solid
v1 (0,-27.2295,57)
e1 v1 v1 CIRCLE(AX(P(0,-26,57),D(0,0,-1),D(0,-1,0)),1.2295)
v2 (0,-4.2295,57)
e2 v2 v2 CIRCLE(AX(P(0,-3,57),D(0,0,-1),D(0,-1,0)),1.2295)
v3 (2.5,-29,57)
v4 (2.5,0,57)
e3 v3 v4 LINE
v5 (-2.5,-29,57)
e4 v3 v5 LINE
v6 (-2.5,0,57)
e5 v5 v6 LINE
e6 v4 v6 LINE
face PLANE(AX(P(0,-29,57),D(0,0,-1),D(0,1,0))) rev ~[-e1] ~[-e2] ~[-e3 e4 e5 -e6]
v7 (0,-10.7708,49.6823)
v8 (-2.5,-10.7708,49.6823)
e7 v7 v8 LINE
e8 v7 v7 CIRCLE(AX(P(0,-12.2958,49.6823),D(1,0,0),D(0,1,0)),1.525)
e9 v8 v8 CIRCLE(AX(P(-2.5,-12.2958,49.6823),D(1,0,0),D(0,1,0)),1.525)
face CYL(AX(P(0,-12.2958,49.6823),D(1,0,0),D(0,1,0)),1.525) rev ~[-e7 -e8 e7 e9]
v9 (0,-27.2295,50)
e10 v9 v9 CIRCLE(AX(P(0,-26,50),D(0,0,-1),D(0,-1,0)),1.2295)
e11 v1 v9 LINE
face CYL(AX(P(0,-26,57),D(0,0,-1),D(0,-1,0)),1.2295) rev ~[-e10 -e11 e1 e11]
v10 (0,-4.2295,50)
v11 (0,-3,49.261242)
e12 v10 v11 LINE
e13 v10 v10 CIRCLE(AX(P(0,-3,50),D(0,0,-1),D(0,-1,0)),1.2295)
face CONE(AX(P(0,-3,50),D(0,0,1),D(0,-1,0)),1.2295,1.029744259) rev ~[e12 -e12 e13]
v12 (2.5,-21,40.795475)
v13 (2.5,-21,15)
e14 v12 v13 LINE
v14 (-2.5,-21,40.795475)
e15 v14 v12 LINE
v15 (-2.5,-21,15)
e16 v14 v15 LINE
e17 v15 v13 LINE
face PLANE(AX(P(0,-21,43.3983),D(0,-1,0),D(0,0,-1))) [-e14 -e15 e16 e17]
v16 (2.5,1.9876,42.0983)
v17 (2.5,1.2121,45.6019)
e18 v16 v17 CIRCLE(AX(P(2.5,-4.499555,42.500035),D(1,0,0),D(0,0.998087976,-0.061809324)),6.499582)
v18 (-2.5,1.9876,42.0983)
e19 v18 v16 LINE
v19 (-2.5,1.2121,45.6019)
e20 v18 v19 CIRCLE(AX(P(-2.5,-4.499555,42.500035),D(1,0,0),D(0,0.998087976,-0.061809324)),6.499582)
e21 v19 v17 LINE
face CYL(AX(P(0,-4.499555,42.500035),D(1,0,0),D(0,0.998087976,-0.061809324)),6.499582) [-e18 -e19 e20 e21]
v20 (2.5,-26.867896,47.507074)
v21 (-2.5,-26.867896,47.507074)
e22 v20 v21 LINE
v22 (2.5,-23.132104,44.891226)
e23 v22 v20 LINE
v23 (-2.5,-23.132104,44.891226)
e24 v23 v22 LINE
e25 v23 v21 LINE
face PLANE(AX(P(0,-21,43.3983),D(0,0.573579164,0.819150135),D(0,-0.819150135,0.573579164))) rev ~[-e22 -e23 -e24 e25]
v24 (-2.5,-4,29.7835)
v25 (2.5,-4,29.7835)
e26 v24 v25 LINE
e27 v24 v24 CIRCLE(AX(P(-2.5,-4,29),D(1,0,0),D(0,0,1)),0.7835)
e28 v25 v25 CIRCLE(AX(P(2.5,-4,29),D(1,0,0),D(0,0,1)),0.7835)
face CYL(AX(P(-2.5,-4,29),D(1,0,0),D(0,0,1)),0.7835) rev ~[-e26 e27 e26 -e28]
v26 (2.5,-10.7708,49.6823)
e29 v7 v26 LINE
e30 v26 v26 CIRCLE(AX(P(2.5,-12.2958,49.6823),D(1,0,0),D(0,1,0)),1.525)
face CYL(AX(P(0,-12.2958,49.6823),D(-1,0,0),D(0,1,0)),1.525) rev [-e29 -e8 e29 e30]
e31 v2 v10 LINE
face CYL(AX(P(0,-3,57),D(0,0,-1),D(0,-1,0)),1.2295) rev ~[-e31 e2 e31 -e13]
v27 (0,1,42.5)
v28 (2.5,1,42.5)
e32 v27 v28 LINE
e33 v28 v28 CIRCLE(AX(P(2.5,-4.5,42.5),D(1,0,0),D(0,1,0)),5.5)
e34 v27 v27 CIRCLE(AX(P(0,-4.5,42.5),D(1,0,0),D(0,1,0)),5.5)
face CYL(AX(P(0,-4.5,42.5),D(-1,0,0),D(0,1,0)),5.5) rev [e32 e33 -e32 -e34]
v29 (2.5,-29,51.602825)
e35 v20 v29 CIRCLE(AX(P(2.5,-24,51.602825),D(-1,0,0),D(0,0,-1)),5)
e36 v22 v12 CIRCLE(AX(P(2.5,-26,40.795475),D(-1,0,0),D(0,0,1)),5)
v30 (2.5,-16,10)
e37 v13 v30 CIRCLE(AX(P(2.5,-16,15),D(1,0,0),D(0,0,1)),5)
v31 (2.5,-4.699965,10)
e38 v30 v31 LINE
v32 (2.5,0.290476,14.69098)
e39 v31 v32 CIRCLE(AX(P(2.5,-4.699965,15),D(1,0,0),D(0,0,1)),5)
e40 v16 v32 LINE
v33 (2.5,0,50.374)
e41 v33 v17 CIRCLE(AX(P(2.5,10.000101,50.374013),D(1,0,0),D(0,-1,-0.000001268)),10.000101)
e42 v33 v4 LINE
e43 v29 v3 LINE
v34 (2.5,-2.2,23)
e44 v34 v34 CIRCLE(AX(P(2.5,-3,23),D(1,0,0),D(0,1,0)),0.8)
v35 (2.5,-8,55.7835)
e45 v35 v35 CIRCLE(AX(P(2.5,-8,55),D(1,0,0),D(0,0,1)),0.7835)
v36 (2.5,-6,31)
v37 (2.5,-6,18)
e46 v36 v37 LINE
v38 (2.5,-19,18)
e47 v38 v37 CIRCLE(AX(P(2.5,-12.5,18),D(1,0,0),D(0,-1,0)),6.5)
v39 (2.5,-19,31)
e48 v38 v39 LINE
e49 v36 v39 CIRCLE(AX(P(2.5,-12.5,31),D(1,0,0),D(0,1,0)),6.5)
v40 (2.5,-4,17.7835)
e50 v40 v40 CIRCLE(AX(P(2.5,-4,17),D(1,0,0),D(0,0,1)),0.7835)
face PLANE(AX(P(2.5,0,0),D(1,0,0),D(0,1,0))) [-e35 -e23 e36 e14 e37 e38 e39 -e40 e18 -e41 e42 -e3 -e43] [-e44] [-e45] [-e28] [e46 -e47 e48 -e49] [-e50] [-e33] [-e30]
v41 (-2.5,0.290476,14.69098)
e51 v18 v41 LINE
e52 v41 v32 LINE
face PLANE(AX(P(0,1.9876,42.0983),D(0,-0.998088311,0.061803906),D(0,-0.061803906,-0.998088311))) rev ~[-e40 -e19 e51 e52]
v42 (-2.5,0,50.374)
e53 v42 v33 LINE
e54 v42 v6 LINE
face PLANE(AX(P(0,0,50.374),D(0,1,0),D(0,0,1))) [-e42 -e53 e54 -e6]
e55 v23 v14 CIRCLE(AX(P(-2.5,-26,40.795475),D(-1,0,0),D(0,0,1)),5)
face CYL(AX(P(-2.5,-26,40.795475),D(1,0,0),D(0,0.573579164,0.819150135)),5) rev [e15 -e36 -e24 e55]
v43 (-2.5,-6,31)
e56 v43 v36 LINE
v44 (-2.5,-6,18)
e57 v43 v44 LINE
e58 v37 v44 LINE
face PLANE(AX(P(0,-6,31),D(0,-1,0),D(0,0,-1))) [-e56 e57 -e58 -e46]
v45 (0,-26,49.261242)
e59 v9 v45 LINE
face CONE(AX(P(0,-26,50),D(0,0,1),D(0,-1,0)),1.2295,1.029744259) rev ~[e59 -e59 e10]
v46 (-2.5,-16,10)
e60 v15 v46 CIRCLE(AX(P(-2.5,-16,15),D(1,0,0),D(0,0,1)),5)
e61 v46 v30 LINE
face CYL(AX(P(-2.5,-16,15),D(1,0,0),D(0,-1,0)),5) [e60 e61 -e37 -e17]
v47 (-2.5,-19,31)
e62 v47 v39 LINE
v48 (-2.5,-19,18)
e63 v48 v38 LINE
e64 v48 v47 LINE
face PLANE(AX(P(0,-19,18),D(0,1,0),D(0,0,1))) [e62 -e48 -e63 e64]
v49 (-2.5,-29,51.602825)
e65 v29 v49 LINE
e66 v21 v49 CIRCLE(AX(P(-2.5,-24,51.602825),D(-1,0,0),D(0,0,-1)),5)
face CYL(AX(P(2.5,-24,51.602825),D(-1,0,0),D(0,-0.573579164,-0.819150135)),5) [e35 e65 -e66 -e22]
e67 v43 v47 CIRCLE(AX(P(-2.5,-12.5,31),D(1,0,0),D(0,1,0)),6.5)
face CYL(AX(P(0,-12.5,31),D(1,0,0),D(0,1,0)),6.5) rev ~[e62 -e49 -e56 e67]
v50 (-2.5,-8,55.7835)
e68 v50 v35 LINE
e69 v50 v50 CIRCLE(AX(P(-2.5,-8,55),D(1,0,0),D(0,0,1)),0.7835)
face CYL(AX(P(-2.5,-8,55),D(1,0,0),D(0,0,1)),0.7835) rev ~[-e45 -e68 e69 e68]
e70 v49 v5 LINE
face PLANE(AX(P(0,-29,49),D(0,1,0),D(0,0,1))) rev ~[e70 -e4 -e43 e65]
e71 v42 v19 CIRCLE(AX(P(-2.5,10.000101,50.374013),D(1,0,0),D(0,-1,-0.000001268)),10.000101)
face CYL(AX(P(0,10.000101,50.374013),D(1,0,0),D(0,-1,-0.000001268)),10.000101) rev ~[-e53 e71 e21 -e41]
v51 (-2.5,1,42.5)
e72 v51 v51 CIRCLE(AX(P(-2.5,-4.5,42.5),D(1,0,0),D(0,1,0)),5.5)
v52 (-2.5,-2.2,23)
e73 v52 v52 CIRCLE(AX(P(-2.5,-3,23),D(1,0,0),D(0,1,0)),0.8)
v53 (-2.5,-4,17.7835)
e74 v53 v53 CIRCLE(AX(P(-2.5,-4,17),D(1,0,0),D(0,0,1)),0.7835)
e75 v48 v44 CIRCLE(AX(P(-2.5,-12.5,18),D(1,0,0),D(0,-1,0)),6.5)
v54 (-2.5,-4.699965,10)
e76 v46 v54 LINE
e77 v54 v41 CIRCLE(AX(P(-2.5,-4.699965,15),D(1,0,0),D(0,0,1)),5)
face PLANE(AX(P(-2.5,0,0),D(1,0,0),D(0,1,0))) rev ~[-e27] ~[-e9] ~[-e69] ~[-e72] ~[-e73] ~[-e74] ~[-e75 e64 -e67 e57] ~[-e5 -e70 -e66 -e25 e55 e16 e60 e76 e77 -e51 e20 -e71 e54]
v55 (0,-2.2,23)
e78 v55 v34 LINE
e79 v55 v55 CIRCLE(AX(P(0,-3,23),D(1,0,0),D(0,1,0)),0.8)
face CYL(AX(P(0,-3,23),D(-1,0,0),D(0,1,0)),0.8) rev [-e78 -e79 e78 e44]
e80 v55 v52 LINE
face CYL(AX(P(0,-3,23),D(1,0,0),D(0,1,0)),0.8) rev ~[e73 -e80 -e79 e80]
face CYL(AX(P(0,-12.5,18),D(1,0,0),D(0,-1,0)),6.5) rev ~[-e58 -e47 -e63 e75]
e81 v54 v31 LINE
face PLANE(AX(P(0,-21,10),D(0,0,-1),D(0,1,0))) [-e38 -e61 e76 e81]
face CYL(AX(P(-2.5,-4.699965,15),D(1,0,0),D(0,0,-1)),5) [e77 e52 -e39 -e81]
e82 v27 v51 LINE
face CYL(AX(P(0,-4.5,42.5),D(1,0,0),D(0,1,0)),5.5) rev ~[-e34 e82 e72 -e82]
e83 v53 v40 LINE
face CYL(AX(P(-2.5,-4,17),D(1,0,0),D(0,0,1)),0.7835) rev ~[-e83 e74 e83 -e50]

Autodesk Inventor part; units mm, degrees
ref_plane "YZ Plane" through (0, 0, 0) normal (1, 0, 0) x (0, 1, 0)
ref_plane "XZ Plane" through (0, 0, 0) normal (0, 1, 0) x (-1, 0, 0)
ref_plane "XY Plane" through (0, 0, 0) normal (0, 0, 1) x (1, 0, 0)
sketch "Skizze1" plane through (0, 0, 0) normal (1, 0, 0) x (0, 1, 0)
  circle A0 centre (-22.8, 48.7) radius 11 construction
  line L0 (-97.7565, 0) -> (58.6427, 0) projected
  circle A1 centre (14.8, 21.5) radius 21.5 construction
  line L1 (0, 10) -> (0, 33.674) construction
  line L2 (-6.7, 0) -> (-6.7, 21.5) construction
  circle A2 centre (-4.5, 42.5) radius 5 construction
  line L3 (-56.6136, 29) -> (0, 29) construction
  line L4 (-75.4137, 30) -> (0, 30) construction
  line L5 (-21, 43.3983) -> (-29, 49)
  line L6 (-29, 49) -> (-29, 57)
  circle A3 centre (-4.5, 42.5) radius 5.5
  circle A4 centre (-22.8, 48.7) radius 0.5
  circle A5 centre (-3, 23) radius 0.8
  line L7 (14.8, 21.5) -> (-6.7, 21.5) construction
  line L8 (-29, 57) -> (0, 57)
  line L9 (14.8, 21.5) -> (14.8, 20.5) construction
  line L10 (14.8, 20.5) -> (-4.5, 42.5) construction
  circle A6 centre (-22.8, 48.7) radius 4.95 construction
  circle A7 centre (-12.2958, 49.6823) radius 5.6 construction
  circle A8 centre (-12.2958, 49.6823) radius 6.3 construction
  circle A9 centre (-12.2958, 49.6823) radius 1.525
  line L11 (0, 50.374) -> (0, 57)
  line L12 (-21, 43.3983) -> (-21, 10)
  line L13 (-21, 10) -> (0, 10)
  arc A10 (1.9876, 42.0983) -> (1.2121, 45.6019) centre (-4.5, 42.5) ccw
  line L14 (1.9876, 42.0983) -> (0, 10)
  arc A11 (0, 50.374) -> (1.2121, 45.6019) centre (10, 50.374) ccw
  line L15 (-12.5, 18) -> (-12.5, 31) construction
  line L16 (-19, 18) -> (-19, 31)
  line L17 (-6, 31) -> (-6, 18)
  arc A12 (-19, 18) -> (-6, 18) centre (-12.5, 18) ccw
  arc A13 (-6, 31) -> (-19, 31) centre (-12.5, 31) ccw
  point P0 (0, 0)
  point P1 (-12.5, 24.5)
  dimension "d4" = 43
  dimension "d0" = 22
  dimension "d6" = 6.7
  dimension "d8" = 10
  dimension "d9" = 29
  dimension "d11" = 30
  dimension "d19" = 29
  dimension "d20" = 11
  dimension "d33" = 1
  dimension "d34" = 48.7
  dimension "d36" = 1.6
  dimension "d37" = 3
  dimension "d54" = 57
  dimension "d58" = 1
  dimension "d65" = 9.9
  dimension "d66" = 11.2
  dimension "d67" = 0.7
  dimension "d68" = 3.05
  dimension "d73" = 22.8
  dimension "d100" = 10.5042
  dimension "d101" = 0.9823
  dimension "d102" = 0
  dimension "d103" = 8.3
  dimension "d104" = 21
  dimension "d107" = 10
  dimension "d110" = 8
  dimension "d111" = 55
  dimension "d112" = 13
  dimension "d113" = 10
  dimension "d114" = 42.5
  dimension "d115" = 34
  dimension "d116" = 21
  dimension "d131" = 13
  dimension "d132" = 13
  dimension "d133" = 12.5
  dimension "d134" = 18
  dimension "d135" = 4.5
  dimension "d136" = 10.55
extrude "Extrusion1" add sketch "Skizze1" along normal mid plane 5 contours L5 L6 L8 L11 A11 A10 L14 L13 L12 | A4
sketch "Skizze2" plane through (-2.5, -29, 57) normal (0, 0, 1) x (1, 0, 0)
  line L0 (0, 0) -> (5, 0) projected
  line L1 (5, 5) -> (5, 0) projected
  line L2 (0, 0) -> (0, 5) projected
  line L3 (2.5, 29) -> (2.5, 0) construction
  line L4 (0, 0) -> (5, 0) construction
  line L5 (0, 5) -> (5, 5) projected
  line L6 (0, 29) -> (5, 29) projected
  line L7 (0, 29) -> (5, 29) projected
  point P0 (2.5, 26)
  point P1 (2.5, 3)
  dimension "d25" = 23
  dimension "d74" = 3
hole "Bohrung1" at (0, -3, 57) at (0, -26, 57) direction (0, 0, -1) diameter 2.459 depth 7 tip angle 118 thread size "M3x0.5" class "6H" standard "ISO Metric profile"
sketch "Skizze3" plane through (-2.5, 0, 0) normal (-1, 0, 0) x (0, 0, 1)
  circle A0 centre (23, -3) radius 0.8 projected
  line L0 (29, -4) -> (17, -4) construction
  circle A1 centre (23, -3) radius 0.8 construction
  line L1 (23, -4) -> (23, -3) construction
  point P0 (0, 0)
  point P1 (55, -8)
  dimension "d38" = 12
  dimension "d39" = 1
  dimension "d40" = 32
  dimension "d41" = 5
hole "Bohrung2" at (-2.5, -4, 17) at (-2.5, -4, 29) at (-2.5, -8, 55) direction (1, 0, 0) diameter 1.567 end through all thread size "M2x0.4" class "6H" standard "ISO Metric profile"
fillet "Rundung3" radius 5 4 edges at (0, 0, 10) (0, -21, 10) (0, -21, 43.3983) (0, -29, 49)
properties part number "Dribbler Seite v2" material "Aluminium 6061"
